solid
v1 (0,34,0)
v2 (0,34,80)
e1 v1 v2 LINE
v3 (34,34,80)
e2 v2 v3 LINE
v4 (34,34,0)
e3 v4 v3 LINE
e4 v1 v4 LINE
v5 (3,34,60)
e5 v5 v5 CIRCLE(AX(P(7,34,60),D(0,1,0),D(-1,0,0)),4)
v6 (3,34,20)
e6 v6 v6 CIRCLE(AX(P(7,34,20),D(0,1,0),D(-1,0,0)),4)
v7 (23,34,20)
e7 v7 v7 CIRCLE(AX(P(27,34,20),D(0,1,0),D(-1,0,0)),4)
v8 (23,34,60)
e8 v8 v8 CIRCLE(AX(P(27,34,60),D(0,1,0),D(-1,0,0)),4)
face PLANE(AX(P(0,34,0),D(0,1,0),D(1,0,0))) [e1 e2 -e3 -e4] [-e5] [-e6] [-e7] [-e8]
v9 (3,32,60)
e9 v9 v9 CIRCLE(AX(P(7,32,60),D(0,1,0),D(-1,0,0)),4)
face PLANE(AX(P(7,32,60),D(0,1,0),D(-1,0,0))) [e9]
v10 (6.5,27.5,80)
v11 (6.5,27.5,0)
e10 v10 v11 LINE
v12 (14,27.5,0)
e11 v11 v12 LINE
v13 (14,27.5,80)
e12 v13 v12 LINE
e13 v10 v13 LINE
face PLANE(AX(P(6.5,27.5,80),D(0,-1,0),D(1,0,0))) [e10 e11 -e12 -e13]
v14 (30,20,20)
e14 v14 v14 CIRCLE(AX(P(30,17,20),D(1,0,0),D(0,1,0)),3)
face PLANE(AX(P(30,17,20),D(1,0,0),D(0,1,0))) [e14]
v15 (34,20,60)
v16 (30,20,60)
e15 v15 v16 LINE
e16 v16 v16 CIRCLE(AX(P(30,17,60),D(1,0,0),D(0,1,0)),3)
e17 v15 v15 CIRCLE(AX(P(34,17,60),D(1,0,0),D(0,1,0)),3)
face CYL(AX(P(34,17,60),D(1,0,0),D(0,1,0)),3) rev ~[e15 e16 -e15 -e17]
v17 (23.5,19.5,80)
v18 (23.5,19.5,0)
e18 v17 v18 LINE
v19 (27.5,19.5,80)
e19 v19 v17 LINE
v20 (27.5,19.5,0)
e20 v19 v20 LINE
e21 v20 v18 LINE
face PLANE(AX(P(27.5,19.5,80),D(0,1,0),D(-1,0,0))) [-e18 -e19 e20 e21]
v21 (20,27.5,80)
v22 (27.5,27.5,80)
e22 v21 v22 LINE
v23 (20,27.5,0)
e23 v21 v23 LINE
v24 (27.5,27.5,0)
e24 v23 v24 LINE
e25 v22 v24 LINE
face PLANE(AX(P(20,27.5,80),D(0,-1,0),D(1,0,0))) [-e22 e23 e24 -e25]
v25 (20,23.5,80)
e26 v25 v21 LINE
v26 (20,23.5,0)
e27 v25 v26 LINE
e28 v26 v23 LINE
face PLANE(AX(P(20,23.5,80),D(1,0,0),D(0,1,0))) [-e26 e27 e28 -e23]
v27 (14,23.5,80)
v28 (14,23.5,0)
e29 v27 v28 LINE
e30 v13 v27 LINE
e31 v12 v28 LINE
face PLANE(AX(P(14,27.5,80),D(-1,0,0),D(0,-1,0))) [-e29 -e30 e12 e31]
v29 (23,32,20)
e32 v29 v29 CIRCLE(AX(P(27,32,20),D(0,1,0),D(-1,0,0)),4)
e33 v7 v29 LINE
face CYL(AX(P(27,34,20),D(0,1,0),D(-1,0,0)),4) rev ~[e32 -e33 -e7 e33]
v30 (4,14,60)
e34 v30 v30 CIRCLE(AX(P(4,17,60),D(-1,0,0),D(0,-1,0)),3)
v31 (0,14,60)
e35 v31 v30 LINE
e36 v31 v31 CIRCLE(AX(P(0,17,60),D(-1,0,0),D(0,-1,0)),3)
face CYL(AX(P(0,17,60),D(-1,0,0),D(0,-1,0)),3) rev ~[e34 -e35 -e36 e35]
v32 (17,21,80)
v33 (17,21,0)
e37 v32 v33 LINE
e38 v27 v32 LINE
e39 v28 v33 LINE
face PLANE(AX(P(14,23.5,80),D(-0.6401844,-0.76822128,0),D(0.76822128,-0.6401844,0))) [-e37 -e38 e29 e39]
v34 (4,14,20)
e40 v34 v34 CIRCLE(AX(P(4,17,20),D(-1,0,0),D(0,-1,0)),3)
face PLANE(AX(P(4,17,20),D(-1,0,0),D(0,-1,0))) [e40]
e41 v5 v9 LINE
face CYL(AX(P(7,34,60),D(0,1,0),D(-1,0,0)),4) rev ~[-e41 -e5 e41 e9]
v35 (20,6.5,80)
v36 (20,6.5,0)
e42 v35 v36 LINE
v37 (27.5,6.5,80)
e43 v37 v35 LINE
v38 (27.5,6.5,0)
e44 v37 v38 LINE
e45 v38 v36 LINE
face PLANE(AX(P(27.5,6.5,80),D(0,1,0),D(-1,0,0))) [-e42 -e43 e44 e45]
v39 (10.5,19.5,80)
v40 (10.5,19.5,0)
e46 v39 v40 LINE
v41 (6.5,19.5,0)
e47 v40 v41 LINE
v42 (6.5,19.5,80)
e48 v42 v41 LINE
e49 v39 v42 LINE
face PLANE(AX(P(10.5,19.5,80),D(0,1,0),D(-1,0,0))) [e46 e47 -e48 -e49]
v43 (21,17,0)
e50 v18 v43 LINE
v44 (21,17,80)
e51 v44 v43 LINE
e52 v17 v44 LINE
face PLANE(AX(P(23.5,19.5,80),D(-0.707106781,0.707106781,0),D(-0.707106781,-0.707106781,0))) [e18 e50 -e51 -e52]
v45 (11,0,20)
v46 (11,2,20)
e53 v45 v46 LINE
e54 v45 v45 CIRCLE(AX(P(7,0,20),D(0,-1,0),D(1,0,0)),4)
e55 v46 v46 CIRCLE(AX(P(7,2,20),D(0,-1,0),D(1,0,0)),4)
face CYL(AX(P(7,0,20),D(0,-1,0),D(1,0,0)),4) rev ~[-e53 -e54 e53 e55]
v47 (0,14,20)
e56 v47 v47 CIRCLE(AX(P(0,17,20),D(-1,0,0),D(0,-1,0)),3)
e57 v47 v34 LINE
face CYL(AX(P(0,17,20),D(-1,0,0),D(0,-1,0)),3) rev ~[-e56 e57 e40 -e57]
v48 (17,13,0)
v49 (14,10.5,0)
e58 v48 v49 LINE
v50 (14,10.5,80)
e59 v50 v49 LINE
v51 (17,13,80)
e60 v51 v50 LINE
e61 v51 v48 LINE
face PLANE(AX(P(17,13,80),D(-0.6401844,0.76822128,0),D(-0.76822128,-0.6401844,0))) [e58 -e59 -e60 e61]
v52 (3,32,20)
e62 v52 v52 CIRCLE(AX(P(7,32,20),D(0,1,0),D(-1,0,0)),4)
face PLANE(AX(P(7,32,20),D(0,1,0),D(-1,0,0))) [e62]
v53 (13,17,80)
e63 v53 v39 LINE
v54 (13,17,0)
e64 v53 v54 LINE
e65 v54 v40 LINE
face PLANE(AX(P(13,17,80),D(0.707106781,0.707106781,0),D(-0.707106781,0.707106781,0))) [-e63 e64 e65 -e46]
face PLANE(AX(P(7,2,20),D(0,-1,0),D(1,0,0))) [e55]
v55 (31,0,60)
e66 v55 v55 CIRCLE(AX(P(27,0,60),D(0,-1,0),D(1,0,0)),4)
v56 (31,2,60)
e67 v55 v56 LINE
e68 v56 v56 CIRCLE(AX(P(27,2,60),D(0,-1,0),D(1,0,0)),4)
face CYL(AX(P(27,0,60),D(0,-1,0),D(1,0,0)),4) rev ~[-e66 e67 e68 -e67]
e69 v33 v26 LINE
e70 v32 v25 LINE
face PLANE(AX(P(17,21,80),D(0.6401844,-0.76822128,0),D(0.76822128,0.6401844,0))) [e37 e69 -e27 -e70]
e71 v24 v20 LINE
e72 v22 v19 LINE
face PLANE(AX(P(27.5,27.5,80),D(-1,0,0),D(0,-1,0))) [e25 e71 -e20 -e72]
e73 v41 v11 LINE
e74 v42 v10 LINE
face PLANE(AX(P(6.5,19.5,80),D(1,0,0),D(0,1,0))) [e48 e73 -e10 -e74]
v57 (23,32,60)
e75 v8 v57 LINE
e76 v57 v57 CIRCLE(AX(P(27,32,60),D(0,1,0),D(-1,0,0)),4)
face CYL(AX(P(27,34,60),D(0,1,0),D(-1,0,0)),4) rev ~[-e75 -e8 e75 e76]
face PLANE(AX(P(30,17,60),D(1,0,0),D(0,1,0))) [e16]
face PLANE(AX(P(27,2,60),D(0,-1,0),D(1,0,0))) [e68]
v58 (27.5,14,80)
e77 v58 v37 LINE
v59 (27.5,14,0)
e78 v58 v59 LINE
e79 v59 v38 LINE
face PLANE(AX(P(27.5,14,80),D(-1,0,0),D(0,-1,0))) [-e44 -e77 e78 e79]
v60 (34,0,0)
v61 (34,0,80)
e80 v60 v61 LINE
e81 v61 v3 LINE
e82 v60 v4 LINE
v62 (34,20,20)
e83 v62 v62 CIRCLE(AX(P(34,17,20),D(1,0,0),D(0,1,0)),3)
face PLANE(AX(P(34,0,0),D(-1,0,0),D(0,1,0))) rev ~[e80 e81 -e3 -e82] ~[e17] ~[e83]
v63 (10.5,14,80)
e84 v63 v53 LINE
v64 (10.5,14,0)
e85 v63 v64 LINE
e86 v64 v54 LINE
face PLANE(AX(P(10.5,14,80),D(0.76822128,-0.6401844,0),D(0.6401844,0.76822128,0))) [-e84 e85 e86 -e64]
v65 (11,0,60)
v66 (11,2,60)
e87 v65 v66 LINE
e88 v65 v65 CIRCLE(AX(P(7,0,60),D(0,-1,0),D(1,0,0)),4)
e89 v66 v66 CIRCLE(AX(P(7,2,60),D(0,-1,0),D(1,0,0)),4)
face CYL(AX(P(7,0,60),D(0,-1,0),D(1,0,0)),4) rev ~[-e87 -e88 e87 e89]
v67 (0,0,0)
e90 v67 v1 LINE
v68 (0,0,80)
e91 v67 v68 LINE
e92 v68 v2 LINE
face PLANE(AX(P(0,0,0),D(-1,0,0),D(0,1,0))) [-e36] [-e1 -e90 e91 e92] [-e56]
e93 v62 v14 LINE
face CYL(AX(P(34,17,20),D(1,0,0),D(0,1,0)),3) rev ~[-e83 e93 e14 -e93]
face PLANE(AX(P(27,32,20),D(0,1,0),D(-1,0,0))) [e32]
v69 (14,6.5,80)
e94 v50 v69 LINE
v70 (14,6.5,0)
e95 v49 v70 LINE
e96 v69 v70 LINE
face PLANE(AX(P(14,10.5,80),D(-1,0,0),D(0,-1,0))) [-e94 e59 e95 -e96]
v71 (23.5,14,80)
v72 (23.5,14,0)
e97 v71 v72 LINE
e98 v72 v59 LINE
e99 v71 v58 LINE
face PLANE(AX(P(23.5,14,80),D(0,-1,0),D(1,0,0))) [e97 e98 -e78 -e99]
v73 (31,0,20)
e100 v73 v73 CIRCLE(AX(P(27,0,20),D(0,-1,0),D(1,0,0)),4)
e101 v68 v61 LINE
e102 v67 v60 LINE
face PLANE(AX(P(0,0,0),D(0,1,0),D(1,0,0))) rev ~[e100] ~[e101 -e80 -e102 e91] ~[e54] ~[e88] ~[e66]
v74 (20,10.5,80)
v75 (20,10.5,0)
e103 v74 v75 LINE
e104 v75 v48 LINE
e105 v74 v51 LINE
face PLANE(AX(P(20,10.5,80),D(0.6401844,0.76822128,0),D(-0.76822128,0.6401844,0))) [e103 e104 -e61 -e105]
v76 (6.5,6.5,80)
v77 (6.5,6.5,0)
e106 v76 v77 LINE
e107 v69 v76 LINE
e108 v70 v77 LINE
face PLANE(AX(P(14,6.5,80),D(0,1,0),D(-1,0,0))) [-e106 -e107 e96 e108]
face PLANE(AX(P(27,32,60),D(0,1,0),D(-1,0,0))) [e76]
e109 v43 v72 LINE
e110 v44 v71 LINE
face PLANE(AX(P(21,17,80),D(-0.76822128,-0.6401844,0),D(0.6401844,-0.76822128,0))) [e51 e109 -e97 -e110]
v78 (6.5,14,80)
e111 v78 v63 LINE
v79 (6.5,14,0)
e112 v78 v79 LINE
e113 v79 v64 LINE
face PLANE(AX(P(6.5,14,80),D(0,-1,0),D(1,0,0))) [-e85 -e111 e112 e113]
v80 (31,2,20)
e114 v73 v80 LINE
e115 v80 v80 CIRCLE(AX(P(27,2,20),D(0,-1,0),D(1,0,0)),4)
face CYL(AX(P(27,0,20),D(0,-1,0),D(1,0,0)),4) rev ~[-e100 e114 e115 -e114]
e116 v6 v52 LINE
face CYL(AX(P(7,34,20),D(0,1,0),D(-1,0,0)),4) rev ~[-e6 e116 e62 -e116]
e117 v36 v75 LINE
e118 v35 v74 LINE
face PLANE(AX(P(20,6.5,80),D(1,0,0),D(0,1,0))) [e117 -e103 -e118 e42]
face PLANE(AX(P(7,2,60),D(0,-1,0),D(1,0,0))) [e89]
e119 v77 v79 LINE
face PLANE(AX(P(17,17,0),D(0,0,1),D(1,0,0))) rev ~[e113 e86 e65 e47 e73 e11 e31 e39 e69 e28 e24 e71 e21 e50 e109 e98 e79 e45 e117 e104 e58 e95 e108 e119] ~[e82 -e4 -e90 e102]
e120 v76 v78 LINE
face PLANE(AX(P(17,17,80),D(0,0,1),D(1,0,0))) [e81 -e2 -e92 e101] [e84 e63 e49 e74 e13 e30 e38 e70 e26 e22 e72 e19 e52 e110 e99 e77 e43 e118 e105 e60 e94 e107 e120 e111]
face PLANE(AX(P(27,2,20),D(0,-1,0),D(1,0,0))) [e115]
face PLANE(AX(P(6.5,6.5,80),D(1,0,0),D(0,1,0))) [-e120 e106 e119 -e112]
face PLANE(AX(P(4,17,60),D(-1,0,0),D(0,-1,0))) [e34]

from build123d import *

# Parameters (mm, degrees)
SKETCH_W        = 34
SKETCH_H        = 34
PAD_DEPTH       = 80
POCKET_DEPTH    = 80
SKETCH002_R     = 3
POCKET001_DEPTH = 4
SKETCH003_R     = 3
POCKET002_DEPTH = 4
SKETCH004_R     = 4
POCKET003_DEPTH = 2
SKETCH005_R     = 4
POCKET004_DEPTH = 2


with BuildPart() as part:
    # Sketch → Pad (new body)
    with BuildSketch(Plane.XY):
        with Locations((17, 17)):
            Rectangle(SKETCH_W, SKETCH_H)
    extrude(amount=PAD_DEPTH)

    # Sketch001 (on Face6 of Pad) → Pocket (cut)
    with BuildSketch(Plane.XY.offset(80)):
        Polygon((6.5, 27.5), (14, 27.5), (14, 23.5), (17, 21), (20, 23.5), (20, 27.5), (27.5, 27.5), (27.5, 19.5), (23.5, 19.5), (21, 17), (23.5, 14), (27.5, 14), (27.5, 6.5), (20, 6.5), (20, 10.5), (17, 13), (14, 10.5), (14, 6.5), (6.5, 6.5), (6.5, 14), (10.5, 14), (13, 17), (10.5, 19.5), (6.5, 19.5), align=None)
    extrude(amount=-POCKET_DEPTH, mode=Mode.SUBTRACT)

    # Sketch002 (on Face2 of Pocket) → Pocket001 (cut)
    with BuildSketch(Plane(origin=(0, 0, 0), x_dir=(0, -1, 0), z_dir=(-1, 0, 0))):
        with Locations((-17, 60)):
            Circle(SKETCH002_R)
        with Locations((-17, 20)):
            Circle(SKETCH002_R)
    extrude(amount=-POCKET001_DEPTH, mode=Mode.SUBTRACT)

    # Sketch003 (on Face3 of Pocket001) → Pocket002 (cut)
    with BuildSketch(Plane.YZ.offset(34)):
        with Locations((17, 60)):
            Circle(SKETCH003_R)
        with Locations((17, 20)):
            Circle(SKETCH003_R)
    extrude(amount=-POCKET002_DEPTH, mode=Mode.SUBTRACT)

    # Sketch004 (on Face1 of Pocket002) → Pocket003 (cut)
    with BuildSketch(Plane(origin=(0, 34, 0), x_dir=(-1, 0, 0), z_dir=(0, 1, 0))):
        with Locations((-27, 60)):
            Circle(SKETCH004_R)
        with Locations((-7, 60)):
            Circle(SKETCH004_R)
        with Locations((-27, 20)):
            Circle(SKETCH004_R)
        with Locations((-7, 20)):
            Circle(SKETCH004_R)
    extrude(amount=-POCKET003_DEPTH, mode=Mode.SUBTRACT)

    # Sketch005 (on Face10 of Pocket003) → Pocket004 (cut)
    with BuildSketch(Plane.XZ):
        with Locations((7, 60)):
            Circle(SKETCH005_R)
        with Locations((27, 60)):
            Circle(SKETCH005_R)
        with Locations((7, 20)):
            Circle(SKETCH005_R)
        with Locations((27, 20)):
            Circle(SKETCH005_R)
    extrude(amount=-POCKET004_DEPTH, mode=Mode.SUBTRACT)


solid = part.part
